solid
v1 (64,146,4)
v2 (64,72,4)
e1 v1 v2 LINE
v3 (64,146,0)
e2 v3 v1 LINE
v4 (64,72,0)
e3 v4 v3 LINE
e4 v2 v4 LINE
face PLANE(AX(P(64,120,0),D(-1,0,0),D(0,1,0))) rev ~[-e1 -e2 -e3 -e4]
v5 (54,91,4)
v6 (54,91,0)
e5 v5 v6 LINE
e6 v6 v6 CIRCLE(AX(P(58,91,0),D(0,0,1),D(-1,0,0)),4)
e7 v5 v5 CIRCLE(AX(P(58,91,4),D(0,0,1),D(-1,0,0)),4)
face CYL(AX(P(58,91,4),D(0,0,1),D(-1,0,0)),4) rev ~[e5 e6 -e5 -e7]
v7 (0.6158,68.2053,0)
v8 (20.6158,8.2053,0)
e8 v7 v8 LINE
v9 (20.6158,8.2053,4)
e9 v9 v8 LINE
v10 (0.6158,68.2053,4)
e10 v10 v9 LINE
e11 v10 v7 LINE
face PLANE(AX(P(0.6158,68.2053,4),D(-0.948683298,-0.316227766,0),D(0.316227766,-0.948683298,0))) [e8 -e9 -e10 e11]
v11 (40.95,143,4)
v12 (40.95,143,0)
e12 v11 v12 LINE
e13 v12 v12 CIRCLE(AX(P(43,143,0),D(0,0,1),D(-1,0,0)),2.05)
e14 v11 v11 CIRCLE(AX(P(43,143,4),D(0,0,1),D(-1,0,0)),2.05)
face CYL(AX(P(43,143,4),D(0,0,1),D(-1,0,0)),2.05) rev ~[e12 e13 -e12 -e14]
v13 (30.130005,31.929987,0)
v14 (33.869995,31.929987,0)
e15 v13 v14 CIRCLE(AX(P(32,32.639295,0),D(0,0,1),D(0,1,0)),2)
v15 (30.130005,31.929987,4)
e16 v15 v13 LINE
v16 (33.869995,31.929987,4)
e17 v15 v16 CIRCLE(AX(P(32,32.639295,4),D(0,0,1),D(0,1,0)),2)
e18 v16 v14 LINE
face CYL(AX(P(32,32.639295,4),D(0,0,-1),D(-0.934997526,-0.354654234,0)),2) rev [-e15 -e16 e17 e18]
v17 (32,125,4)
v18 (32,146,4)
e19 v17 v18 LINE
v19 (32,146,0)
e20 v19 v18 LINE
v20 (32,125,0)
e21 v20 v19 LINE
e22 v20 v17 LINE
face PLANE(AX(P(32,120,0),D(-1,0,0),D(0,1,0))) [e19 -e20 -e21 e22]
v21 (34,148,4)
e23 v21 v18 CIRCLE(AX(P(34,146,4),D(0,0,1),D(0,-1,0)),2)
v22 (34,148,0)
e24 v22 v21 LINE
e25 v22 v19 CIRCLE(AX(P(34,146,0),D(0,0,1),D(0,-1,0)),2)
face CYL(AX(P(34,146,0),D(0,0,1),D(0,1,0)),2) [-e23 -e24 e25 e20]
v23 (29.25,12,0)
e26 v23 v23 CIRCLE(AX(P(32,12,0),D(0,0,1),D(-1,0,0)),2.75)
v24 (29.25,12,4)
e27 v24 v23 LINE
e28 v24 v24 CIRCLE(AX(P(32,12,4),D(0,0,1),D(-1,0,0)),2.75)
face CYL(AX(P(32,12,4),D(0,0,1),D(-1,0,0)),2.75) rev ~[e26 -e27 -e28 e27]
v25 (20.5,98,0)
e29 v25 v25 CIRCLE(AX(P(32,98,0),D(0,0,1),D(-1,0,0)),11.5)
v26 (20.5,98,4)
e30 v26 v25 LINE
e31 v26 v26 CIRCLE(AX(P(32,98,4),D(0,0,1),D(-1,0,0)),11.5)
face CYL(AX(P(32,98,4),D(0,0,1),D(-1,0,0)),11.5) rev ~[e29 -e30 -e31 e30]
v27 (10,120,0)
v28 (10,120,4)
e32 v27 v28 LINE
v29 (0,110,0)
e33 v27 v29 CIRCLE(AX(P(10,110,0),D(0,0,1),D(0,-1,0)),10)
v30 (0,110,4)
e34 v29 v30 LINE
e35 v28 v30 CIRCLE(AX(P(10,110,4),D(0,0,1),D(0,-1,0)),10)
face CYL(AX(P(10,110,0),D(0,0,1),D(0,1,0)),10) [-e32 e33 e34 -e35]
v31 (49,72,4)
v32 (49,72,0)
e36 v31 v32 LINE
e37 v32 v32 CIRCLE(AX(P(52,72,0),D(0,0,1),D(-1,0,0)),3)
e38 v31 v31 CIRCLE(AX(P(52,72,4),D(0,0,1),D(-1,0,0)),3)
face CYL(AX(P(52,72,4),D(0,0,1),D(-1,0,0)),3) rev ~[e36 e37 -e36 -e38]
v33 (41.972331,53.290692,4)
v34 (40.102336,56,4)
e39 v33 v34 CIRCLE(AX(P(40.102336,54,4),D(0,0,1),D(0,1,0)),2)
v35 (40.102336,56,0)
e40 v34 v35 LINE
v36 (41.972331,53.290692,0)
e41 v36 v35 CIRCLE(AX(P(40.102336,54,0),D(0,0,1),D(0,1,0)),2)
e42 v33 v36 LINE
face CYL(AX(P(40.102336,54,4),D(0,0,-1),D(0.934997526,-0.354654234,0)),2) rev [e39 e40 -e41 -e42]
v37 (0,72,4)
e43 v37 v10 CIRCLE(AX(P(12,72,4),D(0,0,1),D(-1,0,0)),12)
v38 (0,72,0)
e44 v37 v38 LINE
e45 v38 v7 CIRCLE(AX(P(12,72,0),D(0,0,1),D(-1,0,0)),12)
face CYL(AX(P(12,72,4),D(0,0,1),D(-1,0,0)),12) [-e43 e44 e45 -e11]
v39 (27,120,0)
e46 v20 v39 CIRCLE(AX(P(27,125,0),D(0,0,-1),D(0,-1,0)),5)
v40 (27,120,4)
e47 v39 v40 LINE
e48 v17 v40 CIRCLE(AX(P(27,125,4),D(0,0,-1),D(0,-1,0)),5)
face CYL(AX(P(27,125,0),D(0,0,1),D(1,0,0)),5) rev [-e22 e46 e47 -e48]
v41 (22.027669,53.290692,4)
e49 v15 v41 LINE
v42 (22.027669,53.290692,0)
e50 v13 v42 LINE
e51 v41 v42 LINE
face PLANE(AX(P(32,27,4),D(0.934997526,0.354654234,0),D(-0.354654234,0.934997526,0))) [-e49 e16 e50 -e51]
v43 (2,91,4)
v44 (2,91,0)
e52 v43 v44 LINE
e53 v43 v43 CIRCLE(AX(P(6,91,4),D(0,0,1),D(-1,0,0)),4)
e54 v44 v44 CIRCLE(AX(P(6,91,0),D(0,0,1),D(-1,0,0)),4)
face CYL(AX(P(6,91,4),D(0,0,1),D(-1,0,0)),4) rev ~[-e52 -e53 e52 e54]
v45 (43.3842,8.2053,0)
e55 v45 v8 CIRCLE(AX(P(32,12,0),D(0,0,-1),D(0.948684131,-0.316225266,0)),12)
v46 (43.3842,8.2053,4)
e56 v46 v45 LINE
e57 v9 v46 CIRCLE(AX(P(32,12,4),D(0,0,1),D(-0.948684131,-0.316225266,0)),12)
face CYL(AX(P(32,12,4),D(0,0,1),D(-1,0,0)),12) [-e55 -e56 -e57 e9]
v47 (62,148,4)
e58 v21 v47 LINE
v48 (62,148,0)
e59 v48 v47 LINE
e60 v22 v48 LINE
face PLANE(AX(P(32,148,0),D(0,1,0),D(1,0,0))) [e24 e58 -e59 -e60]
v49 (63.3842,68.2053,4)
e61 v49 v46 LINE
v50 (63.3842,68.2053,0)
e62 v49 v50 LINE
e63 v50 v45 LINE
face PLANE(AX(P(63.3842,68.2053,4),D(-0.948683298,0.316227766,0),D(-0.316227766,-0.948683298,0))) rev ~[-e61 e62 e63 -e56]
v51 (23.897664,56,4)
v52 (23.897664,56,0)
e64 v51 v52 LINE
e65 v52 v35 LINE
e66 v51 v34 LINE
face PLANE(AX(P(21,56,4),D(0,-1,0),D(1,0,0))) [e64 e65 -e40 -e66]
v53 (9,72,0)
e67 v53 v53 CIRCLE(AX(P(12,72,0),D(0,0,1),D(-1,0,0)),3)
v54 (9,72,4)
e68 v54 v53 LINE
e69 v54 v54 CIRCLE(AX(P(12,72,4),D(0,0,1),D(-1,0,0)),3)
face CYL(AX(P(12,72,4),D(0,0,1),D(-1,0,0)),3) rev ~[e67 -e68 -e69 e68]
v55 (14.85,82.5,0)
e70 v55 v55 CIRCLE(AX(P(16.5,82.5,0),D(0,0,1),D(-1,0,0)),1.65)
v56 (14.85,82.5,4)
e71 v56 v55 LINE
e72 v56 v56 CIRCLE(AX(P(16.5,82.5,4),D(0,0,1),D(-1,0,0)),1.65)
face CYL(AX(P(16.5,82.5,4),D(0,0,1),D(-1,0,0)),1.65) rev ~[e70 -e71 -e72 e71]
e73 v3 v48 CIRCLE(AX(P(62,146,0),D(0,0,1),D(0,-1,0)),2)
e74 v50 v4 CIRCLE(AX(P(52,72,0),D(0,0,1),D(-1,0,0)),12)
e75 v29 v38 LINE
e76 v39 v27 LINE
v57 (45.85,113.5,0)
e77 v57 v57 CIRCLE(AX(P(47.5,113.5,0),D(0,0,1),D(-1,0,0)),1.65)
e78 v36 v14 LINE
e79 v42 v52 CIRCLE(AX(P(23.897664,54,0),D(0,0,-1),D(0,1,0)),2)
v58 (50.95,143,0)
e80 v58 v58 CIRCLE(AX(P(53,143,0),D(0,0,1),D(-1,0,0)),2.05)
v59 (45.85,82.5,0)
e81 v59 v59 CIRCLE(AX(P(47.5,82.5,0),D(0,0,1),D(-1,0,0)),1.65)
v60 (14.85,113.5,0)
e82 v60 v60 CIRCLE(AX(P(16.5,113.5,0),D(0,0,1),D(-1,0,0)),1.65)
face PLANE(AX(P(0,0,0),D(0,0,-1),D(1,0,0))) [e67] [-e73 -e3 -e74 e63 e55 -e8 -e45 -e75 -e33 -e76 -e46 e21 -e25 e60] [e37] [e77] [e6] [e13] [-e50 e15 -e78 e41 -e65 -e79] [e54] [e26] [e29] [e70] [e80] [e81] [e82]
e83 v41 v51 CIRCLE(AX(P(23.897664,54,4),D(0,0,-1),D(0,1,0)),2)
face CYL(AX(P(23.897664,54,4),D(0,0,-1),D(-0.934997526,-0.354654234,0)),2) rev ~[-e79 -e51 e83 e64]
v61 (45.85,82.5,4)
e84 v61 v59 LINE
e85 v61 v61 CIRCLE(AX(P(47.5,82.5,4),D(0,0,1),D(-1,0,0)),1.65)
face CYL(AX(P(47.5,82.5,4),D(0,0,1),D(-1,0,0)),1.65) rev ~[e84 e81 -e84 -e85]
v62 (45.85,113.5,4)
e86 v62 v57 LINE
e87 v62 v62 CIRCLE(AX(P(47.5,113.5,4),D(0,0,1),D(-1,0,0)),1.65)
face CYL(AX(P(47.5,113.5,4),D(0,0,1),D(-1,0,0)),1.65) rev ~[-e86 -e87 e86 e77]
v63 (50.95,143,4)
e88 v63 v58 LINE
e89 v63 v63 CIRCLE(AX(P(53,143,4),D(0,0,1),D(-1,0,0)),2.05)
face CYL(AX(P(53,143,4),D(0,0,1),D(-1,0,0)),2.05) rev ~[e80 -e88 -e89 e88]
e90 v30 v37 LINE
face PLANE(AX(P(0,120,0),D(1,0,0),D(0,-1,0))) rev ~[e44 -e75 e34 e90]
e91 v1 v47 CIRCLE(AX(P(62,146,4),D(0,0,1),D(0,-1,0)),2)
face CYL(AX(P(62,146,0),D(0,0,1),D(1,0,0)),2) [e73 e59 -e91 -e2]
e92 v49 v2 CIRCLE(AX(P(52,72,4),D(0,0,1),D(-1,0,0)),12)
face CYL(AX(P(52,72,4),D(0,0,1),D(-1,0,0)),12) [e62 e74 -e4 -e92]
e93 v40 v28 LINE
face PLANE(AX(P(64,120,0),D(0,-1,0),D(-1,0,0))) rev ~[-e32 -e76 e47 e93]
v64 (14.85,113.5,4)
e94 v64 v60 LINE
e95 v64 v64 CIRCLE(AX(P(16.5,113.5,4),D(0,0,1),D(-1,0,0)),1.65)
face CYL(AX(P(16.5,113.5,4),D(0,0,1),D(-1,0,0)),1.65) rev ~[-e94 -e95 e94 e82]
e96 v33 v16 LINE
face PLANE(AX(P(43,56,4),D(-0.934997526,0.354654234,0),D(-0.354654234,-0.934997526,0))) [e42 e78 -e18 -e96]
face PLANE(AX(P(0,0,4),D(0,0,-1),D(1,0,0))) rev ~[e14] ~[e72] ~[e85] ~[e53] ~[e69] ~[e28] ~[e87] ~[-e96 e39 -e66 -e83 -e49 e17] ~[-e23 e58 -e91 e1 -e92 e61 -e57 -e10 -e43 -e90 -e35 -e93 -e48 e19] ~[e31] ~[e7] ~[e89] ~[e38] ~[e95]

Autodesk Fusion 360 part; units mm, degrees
sketch "Sketch1" plane through (0, 0, 0) normal (0, 0, 1) x (1, 0, 0) in component "Laser Carriage - Motor Side V2"
  line L0 (0, 0) -> (64, 0)
  line L1 (64, 0) -> (64, 120)
  line L2 (64, 120) -> (0, 120)
  line L3 (0, 120) -> (0, 0)
  dimension "d1" = 64
  dimension "d2" = 120
extrude "Extrude1" add sketch "Sketch1" along normal blind 4 in component "Laser Carriage - Motor Side V2"
sketch "Sketch2" plane through (0, 0, 4) normal (0, 0, 1) x (-1, 0, 0) in component "Laser Carriage - Motor Side V2"
  line L0 (0, -120) -> (0, 0)
  line L1 (0, 0) -> (-64, 0)
  line L2 (-64, 0) -> (-64, -120)
  line L3 (-64, -120) -> (0, -120)
  line L4 (-12, -120) -> (-12, 0) construction
  line L5 (-52, -120) -> (-52, 0) construction
  line L6 (0, -12) -> (-64, -12) construction
  line L7 (0, -72) -> (-64, -72) construction
  circle A0 centre (-12, -72) radius 12 construction
  circle A1 centre (-52, -72) radius 12 construction
  circle A2 centre (-12, -72) radius 3
  circle A3 centre (-52, -72) radius 3
  circle A4 centre (-32, -12) radius 12 construction
  circle A5 centre (-32, -12) radius 2.75
  line L8 (0, -85) -> (-64, -85) construction
  line L9 (-32, -85) -> (-32, 0) construction
  line L10 (0, -42) -> (-64, -42) construction
  line L11 (0, -27) -> (-64, -27) construction
  line L12 (0, -56) -> (-64, -56) construction
  line L13 (-21, -56) -> (-21, -27) construction
  line L14 (-43, -56) -> (-43, -27) construction
  line L15 (-21, -56) -> (-43, -56)
  line L16 (-43, -56) -> (-32, -27)
  line L17 (-32, -27) -> (-21, -56)
  point P0 (-32, -42)
  dimension "d8" = 12
  dimension "d13" = 24
  dimension "d14" = 24
  dimension "d16" = 6
  dimension "d17" = 6
  dimension "d40" = 60
  dimension "d53" = 24
  dimension "d55" = 5.5
  dimension "d234" = 13
  dimension "d238" = 20
  dimension "d324" = 30
  dimension "d327" = 20
  dimension "d333" = 15
  dimension "d334" = 56
  dimension "d335" = 11
  dimension "d336" = 11
extrude "Extrude2" cut sketch "Sketch2" against normal up to surface (4 mm away) contours A2 | A3 | A5 | L15 L16 L17 in component "Laser Carriage - Motor Side V2"
sketch "Sketch16" plane through (0, 0, 4) normal (0, 0, 1) x (-1, 0, 0) in component "Laser Carriage - Motor Side V2"
  circle A0 centre (-52, -72) radius 3
  circle A1 centre (-12, -72) radius 3
  line L0 (-64, -120) -> (0, -120)
  line L1 (0, -120) -> (0, 0)
  line L2 (0, 0) -> (-64, 0)
  line L3 (-64, 0) -> (-64, -120)
  circle A2 centre (-32, -12) radius 2.75
  line L4 (0, -91) -> (-64, -91) construction
  line L5 (-64, -120) -> (0, -120) construction
  line L6 (-6, 0) -> (-6, -120) construction
  line L7 (0, -120) -> (0, 0) construction
  line L8 (-58, 0) -> (-58, -120) construction
  circle A3 centre (-6, -91) radius 4
  circle A4 centre (-58, -91) radius 4
  line L9 (0, 0) -> (-64, 0)
  line L10 (-43, -56) -> (-32, -27)
  line L11 (-32, -27) -> (-21, -56)
  line L12 (-21, -56) -> (-43, -56)
  dimension "d268" = 6
  dimension "d269" = 6
  dimension "d270" = 8
  dimension "d271" = 8
  dimension "d273" = 91
extrude "Extrude17" cut sketch "Sketch16" against normal up to surface (4 mm away) contours A3 | A4 in component "Laser Carriage - Motor Side V2"
sketch "Sketch18" plane through (0, 0, 4) normal (0, 0, 1) x (-1, 0, 0) in component "Laser Carriage - Motor Side V2"
  line L0 (-64, -120) -> (0, -120)
  line L1 (-32, -120) -> (-32, 0) construction
  line L2 (0, 0) -> (-64, 0) construction
  line L3 (-47.5, -120) -> (-47.5, 0) construction
  line L4 (-16.5, 0) -> (-16.5, -120) construction
  line L5 (-2, -113.5) -> (-62, -113.5) construction
  line L6 (-2, -82.5) -> (-62, -82.5) construction
  line L7 (-2, -98) -> (-62, -98) construction
  circle A0 centre (-32, -98) radius 11.5
  circle A1 centre (-16.5, -113.5) radius 1.65
  circle A2 centre (-47.5, -113.5) radius 1.65
  circle A3 centre (-16.5, -82.5) radius 1.65
  circle A4 centre (-47.5, -82.5) radius 1.65
  line L8 (-2, -120) -> (-62, -120) construction
  line L9 (-54, -120) -> (-10, -120) construction
  line L10 (-10, -120) -> (-10, -76) construction
  line L11 (-10, -76) -> (-54, -76) construction
  line L12 (-54, -76) -> (-54, -120) construction
  line L13 (-54, -120) -> (-10, -76) construction
  line L14 (-10, -120) -> (-54, -76) construction
  point P0 (-32, -98)
  dimension "d275" = 15.5
  dimension "d276" = 15.5
  dimension "d279" = 98
  dimension "d280" = 15.5
  dimension "d281" = 15.5
  dimension "d283" = 23
  dimension "d284" = 3.3
  dimension "d285" = 3.3
  dimension "d286" = 3.3
  dimension "d287" = 3.3
  dimension "d288" = 6.5
  dimension "d289" = 44
  dimension "d290" = 44
extrude "Extrude18" cut sketch "Sketch18" against normal up to surface (4 mm away) in component "Laser Carriage - Motor Side V2"
sketch "Sketch20" plane through (0, 0, 0) normal (0, 0, -1) x (1, 0, 0) in component "Laser Carriage - Motor Side V2"
  circle A0 centre (16.5, -113.5) radius 1.65
  circle A1 centre (47.5, -113.5) radius 1.65
  circle A2 centre (16.5, -82.5) radius 1.65
  circle A3 centre (32, -98) radius 11.5
  circle A4 centre (47.5, -82.5) radius 1.65
  circle A5 centre (6, -91) radius 4
  circle A6 centre (58, -91) radius 4
  circle A7 centre (52, -72) radius 3
  circle A8 centre (32, -12) radius 2.75
  circle A9 centre (12, -72) radius 3
  line L0 (0, 0) -> (0, -120)
  line L1 (0, -120) -> (64, -120)
  line L2 (64, -120) -> (64, 0)
  line L3 (64, 0) -> (0, 0)
  line L4 (64, -120) -> (64, -148)
  line L5 (32, -120) -> (32, -148)
  line L6 (32, -148) -> (64, -148)
  line L7 (32, -27) -> (43, -56)
  line L8 (43, -56) -> (21, -56)
  line L9 (21, -56) -> (32, -27)
  dimension "d303" = 28
  dimension "d304" = 28
extrude "Extrude20" add sketch "Sketch20" against normal blind 4 contours L1 L4 L5 L6 in component "Laser Carriage - Motor Side V2"
sketch "Sketch21" plane through (0, 0, 4) normal (0, 0, 1) x (-1, 0, 0) in component "Laser Carriage - Motor Side V2"
  circle A0 centre (-16.5, -113.5) radius 1.65
  circle A1 centre (-47.5, -113.5) radius 1.65
  circle A2 centre (-16.5, -82.5) radius 1.65
  circle A3 centre (-32, -98) radius 11.5
  circle A4 centre (-47.5, -82.5) radius 1.65
  circle A5 centre (-6, -91) radius 4
  circle A6 centre (-58, -91) radius 4
  line L0 (0, -120) -> (0, 0)
  line L1 (0, 0) -> (-64, 0)
  line L2 (-64, 0) -> (-64, -148)
  line L3 (-64, -148) -> (-32, -148)
  line L4 (-32, -148) -> (-32, -120)
  line L5 (-32, -120) -> (0, -120)
  circle A7 centre (-52, -72) radius 3
  circle A8 centre (-32, -12) radius 2.75
  circle A9 centre (-12, -72) radius 3
  line L6 (-48, -148) -> (-48, -122) construction
  line L7 (-32, -138) -> (-64, -138) construction
  line L8 (-54, -120) -> (-10, -120) construction
  line L9 (-32, -143) -> (-64, -143) construction
  line L10 (-53, -148) -> (-53, -138) construction
  line L11 (-43, -148) -> (-43, -138) construction
  circle A10 centre (-43, -143) radius 2.05
  circle A11 centre (-53, -143) radius 2.05
  line L12 (-43, -56) -> (-32, -27)
  line L13 (-32, -27) -> (-21, -56)
  line L14 (-21, -56) -> (-43, -56)
  dimension "d309" = 18
  dimension "d310" = 5
  dimension "d311" = 10
  dimension "d312" = 5
  dimension "d313" = 4.1
  dimension "d314" = 4.1
extrude "Extrude21" cut sketch "Sketch21" against normal blind 4 contours A10 | A11 in component "Laser Carriage - Motor Side V2"
sketch "Sketch22" plane through (0, 0, 4) normal (0, 0, 1) x (-1, 0, 0) in component "Laser Carriage - Motor Side V2"
  circle A0 centre (-43, -143) radius 2.05
  circle A1 centre (-53, -143) radius 2.05
  circle A2 centre (-16.5, -113.5) radius 1.65
  circle A3 centre (-47.5, -113.5) radius 1.65
  circle A4 centre (-16.5, -82.5) radius 1.65
  circle A5 centre (-32, -98) radius 11.5
  circle A6 centre (-47.5, -82.5) radius 1.65
  circle A7 centre (-6, -91) radius 4
  circle A8 centre (-58, -91) radius 4
  circle A9 centre (-12, -72) radius 3
  circle A10 centre (-52, -72) radius 3
  circle A11 centre (-32, -12) radius 2.75
  line L0 (0, -120) -> (0, 0)
  line L1 (0, 0) -> (-64, 0)
  line L2 (-64, 0) -> (-64, -148)
  line L3 (-64, -148) -> (-32, -148)
  line L4 (-32, -148) -> (-32, -120)
  line L5 (-32, -120) -> (0, -120)
  circle A12 centre (-12, -72) radius 12
  circle A13 centre (-52, -72) radius 12
  circle A14 centre (-32, -12) radius 12
  line L6 (-0.6158, -68.2053) -> (-20.6158, -8.2053)
  line L7 (-63.3842, -68.2053) -> (-43.3842, -8.2053)
  line L8 (-43, -56) -> (-32, -27)
  line L9 (-32, -27) -> (-21, -56)
  line L10 (-21, -56) -> (-43, -56)
  dimension "d328" = 24
  dimension "d329" = 24
  dimension "d330" = 24
extrude "Extrude22" cut sketch "Sketch22" against normal up to surface (4 mm away) contours L0 L1 A12 A14 L6 | L1 L2 A13 A14 L7 in component "Laser Carriage - Motor Side V2"
sketch "Sketch23" plane through (0, 0, 4) normal (0, 0, 1) x (-1, 0, 0) in component "Laser Carriage - Motor Side V2"
  arc A0 (-63.3842, -68.2053) -> (-64, -72) centre (-52, -72) ccw
  line L0 (-64, -72) -> (-64, -148)
  line L1 (-64, -148) -> (-32, -148)
  line L2 (-32, -148) -> (-32, -120)
  line L3 (-32, -120) -> (0, -120)
  line L4 (0, -120) -> (0, -72)
  arc A1 (0, -72) -> (-0.6158, -68.2053) centre (-12, -72) ccw
  line L5 (-0.6158, -68.2053) -> (-20.6158, -8.2053)
  arc A2 (-20.6158, -8.2053) -> (-43.3842, -8.2053) centre (-32, -12) ccw
  line L6 (-43.3842, -8.2053) -> (-63.3842, -68.2053)
  circle A3 centre (-43, -143) radius 2.05
  circle A4 centre (-53, -143) radius 2.05
  circle A5 centre (-16.5, -113.5) radius 1.65
  circle A6 centre (-47.5, -113.5) radius 1.65
  circle A7 centre (-16.5, -82.5) radius 1.65
  circle A8 centre (-32, -98) radius 11.5
  circle A9 centre (-47.5, -82.5) radius 1.65
  circle A10 centre (-6, -91) radius 4
  circle A11 centre (-58, -91) radius 4
  circle A12 centre (-12, -72) radius 3
  circle A13 centre (-52, -72) radius 3
  circle A14 centre (-32, -12) radius 2.75
  line L7 (-43, -56) -> (-32, -27)
  line L8 (-32, -27) -> (-21, -56)
  line L9 (-21, -56) -> (-43, -56)
fillet "Fillet11" radius 5 1 edges at (32, 120, 2) in component "Laser Carriage - Motor Side V2"
fillet "Fillet11" radius 2 2 edges at (32, 148, 2) (64, 148, 2) in component "Laser Carriage - Motor Side V2"
fillet "Fillet11" radius 2 3 edges at (21, 56, 2) (43, 56, 2) (32, 27, 2) in component "Laser Carriage - Motor Side V2"
fillet "Fillet11" radius 10 1 edges at (0, 120, 2) in component "Laser Carriage - Motor Side V2"
component "Laser Carriage - Motor Side V2" placed x (1, 0, 0) y (0, 1, 0) z (0, 0, 1) at (0, 0, 0)
